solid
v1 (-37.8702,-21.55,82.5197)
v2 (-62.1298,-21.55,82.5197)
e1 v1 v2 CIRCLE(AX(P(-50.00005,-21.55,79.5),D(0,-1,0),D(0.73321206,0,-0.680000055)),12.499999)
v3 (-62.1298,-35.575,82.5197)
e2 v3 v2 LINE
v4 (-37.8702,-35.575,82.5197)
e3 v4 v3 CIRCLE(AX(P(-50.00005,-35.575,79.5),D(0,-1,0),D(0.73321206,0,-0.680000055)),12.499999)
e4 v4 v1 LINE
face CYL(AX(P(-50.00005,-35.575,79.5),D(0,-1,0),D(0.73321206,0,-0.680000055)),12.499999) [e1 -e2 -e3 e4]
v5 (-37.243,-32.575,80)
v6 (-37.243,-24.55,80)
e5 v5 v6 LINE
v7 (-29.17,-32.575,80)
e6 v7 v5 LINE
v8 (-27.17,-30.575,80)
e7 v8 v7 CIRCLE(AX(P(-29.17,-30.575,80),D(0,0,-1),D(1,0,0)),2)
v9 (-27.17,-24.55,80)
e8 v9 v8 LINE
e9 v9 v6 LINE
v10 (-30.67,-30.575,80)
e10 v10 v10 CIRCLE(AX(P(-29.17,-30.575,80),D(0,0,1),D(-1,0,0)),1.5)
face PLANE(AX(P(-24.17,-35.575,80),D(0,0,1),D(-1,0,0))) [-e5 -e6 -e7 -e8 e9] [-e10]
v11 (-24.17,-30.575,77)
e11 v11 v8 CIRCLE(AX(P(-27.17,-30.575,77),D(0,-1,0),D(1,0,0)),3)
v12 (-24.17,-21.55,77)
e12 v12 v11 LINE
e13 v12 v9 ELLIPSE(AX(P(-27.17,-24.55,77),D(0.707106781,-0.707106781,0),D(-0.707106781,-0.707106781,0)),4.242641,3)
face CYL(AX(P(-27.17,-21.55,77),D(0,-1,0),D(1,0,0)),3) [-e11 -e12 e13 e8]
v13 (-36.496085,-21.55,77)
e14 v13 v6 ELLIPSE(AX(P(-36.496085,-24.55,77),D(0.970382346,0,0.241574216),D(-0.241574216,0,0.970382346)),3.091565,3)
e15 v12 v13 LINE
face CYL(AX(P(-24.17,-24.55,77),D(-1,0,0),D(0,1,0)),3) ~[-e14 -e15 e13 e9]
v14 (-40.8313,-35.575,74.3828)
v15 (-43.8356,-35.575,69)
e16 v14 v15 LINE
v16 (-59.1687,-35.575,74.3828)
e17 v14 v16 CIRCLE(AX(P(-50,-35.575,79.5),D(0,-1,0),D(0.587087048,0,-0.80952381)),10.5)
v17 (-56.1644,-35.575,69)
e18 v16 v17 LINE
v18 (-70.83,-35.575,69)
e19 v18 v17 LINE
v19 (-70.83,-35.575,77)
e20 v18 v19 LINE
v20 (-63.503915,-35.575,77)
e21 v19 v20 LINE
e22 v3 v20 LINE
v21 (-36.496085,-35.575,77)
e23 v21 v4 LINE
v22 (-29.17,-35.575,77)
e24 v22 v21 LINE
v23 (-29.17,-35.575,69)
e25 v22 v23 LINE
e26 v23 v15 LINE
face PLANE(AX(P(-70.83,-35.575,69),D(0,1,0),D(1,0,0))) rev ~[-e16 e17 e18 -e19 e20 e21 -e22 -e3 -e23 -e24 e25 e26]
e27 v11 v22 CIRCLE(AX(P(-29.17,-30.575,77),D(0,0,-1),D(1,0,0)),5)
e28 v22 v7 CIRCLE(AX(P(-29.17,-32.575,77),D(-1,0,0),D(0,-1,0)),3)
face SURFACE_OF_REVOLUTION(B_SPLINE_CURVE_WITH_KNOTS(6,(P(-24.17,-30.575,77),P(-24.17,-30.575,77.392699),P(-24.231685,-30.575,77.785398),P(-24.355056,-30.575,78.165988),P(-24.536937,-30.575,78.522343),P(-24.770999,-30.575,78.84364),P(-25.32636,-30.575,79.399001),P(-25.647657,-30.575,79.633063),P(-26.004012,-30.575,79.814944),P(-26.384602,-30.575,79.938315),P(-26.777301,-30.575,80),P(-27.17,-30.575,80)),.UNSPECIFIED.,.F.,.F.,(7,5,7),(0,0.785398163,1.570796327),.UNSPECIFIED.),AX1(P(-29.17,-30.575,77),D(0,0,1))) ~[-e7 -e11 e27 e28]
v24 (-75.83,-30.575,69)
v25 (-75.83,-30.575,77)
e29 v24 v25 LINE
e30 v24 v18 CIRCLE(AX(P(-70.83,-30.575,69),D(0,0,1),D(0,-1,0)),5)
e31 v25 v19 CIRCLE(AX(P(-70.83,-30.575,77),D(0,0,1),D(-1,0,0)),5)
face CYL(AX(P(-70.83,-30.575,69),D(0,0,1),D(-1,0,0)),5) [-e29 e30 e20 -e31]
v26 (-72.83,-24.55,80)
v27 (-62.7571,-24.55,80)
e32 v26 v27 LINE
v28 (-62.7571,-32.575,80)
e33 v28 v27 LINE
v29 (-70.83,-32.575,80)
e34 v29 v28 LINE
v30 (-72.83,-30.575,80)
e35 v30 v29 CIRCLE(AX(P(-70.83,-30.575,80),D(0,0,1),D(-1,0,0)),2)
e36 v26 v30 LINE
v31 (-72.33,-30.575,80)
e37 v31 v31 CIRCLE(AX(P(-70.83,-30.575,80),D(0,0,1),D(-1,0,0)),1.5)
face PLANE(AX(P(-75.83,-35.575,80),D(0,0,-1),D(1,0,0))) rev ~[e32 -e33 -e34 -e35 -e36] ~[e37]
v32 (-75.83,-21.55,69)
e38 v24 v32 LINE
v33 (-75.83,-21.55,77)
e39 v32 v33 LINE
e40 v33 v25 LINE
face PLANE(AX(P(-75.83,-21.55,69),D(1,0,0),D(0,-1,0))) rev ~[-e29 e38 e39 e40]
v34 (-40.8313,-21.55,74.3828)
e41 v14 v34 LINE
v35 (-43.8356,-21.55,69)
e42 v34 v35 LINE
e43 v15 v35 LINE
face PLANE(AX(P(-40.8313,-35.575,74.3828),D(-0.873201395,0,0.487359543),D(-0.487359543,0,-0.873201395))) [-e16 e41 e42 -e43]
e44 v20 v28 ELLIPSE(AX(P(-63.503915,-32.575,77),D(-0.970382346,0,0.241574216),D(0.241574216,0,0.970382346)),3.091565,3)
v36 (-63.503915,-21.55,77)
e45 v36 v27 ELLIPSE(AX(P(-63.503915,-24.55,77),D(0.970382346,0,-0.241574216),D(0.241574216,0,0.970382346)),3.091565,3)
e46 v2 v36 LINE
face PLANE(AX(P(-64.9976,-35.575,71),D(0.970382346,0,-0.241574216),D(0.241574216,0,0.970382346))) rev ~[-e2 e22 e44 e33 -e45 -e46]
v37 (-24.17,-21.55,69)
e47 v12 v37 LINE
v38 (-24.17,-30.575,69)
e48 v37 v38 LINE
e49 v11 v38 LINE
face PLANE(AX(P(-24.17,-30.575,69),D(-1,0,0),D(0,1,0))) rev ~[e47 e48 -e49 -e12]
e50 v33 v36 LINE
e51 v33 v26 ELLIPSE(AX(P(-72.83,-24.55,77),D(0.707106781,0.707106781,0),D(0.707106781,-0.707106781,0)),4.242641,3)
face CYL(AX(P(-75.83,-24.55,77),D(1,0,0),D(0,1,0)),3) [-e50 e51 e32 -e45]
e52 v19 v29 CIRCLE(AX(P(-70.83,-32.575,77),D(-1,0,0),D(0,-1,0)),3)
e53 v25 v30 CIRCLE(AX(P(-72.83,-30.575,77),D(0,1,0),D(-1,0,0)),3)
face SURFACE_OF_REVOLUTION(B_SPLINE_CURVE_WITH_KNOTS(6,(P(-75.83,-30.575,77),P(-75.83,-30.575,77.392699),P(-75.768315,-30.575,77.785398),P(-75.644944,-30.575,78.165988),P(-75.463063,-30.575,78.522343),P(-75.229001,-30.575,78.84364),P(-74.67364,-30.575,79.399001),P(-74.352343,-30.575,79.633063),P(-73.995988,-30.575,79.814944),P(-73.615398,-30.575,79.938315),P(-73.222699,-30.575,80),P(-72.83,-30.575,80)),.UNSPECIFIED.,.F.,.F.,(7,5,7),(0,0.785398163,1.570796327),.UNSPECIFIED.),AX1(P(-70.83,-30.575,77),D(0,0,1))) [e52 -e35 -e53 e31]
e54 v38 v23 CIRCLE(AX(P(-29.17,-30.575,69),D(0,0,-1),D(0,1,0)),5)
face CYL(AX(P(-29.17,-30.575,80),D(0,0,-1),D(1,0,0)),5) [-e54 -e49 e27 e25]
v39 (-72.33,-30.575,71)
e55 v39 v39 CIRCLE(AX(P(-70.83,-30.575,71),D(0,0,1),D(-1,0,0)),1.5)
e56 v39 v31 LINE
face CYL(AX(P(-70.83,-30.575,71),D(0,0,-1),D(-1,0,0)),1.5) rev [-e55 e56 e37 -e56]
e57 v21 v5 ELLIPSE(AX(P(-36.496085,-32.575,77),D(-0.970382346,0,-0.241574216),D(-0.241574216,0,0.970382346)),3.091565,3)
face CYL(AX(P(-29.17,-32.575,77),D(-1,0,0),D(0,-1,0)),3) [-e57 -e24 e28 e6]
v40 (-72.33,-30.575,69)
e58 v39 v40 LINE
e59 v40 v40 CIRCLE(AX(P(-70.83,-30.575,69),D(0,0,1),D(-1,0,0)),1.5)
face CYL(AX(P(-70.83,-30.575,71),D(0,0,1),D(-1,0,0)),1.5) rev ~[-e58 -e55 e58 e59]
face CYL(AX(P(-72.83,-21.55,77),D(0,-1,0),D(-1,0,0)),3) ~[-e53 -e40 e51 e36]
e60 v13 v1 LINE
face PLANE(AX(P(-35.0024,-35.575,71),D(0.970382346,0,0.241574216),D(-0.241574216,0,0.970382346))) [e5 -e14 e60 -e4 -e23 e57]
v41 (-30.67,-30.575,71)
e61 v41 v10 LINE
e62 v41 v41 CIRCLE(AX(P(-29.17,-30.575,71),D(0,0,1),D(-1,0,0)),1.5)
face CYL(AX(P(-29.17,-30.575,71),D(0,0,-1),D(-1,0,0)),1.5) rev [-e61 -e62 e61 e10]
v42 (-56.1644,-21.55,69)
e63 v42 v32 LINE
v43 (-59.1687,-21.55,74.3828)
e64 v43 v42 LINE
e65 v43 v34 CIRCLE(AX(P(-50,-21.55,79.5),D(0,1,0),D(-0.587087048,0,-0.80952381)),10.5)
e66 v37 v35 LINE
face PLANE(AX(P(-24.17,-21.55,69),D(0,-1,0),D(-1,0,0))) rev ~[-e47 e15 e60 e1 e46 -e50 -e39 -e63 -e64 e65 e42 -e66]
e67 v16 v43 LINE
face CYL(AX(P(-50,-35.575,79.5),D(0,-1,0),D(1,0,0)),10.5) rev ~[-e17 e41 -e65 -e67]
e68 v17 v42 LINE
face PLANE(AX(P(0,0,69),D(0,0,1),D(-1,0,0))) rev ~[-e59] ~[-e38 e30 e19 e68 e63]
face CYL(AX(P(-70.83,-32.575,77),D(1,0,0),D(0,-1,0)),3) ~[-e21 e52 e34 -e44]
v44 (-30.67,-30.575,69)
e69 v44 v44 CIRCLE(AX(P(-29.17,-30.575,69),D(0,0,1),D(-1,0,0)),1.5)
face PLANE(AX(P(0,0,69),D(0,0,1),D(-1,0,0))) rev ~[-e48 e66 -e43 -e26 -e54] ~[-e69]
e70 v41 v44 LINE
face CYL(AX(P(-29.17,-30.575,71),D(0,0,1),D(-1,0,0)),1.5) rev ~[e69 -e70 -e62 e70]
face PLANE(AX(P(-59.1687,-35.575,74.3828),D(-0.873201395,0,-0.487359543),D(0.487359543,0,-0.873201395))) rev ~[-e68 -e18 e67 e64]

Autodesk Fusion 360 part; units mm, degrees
sketch "Sketch1" plane through (0, 0, 69) normal (0, 0, 1) x (-1, 0, 0)
  circle A0 centre (29.17, 30.575) radius 3.05
  circle A1 centre (70.83, 30.575) radius 3.05
  line L0 (24.17, 21.15) -> (75.83, 21.15)
  line L1 (75.83, 21.15) -> (75.83, 30.575)
  arc A2 (75.83, 30.575) -> (70.83, 35.575) centre (70.83, 30.575) ccw
  line L2 (70.83, 35.575) -> (29.17, 35.575)
  arc A3 (29.17, 35.575) -> (24.17, 30.575) centre (29.17, 30.575) ccw
  line L3 (24.17, 30.575) -> (24.17, 21.15)
  line L4 (29.8595, -5) -> (27.8595, -5)
  arc A4 (23.8595, -1) -> (27.8595, -5) centre (27.8595, -1) ccw
  line L5 (23.8595, -1) -> (23.8595, 1)
  arc A5 (27.8595, 5) -> (23.8595, 1) centre (27.8595, 1) ccw
  line L6 (27.8595, 5) -> (29.8595, 5)
  arc A6 (33.8595, 1) -> (29.8595, 5) centre (29.8595, 1) ccw
  line L7 (33.8595, 1) -> (33.8595, -1)
  arc A7 (29.8595, -5) -> (33.8595, -1) centre (29.8595, -1) ccw
  circle A8 centre (50, 0) radius 10
  line L8 (76.1405, 1) -> (76.1405, -1)
  arc A9 (72.1405, -5) -> (76.1405, -1) centre (72.1405, -1) ccw
  line L9 (72.1405, -5) -> (70.1405, -5)
  arc A10 (66.1405, -1) -> (70.1405, -5) centre (70.1405, -1) ccw
  line L10 (66.1405, -1) -> (66.1405, 1)
  arc A11 (70.1405, 5) -> (66.1405, 1) centre (70.1405, 1) ccw
  line L11 (70.1405, 5) -> (72.1405, 5)
  arc A12 (76.1405, 1) -> (72.1405, 5) centre (72.1405, 1) ccw
  circle A13 centre (95.6212, 10.575) radius 1.5
  circle A14 centre (37.085, 10.575) radius 1.5
  circle A15 centre (62.915, 10.575) radius 1.5
  circle A16 centre (37.085, -10.575) radius 1.5
  circle A17 centre (62.915, -10.575) radius 1.5
  circle A18 centre (4.3788, 10.575) radius 1.5
  circle A19 centre (95.6212, -10.575) radius 1.5
  circle A20 centre (4.3788, -10.575) radius 1.5
  line L12 (-10, -21.15) -> (110, -21.15)
  line L13 (110, -21.15) -> (110, 21.15)
  line L14 (110, 21.15) -> (-10, 21.15)
  line L15 (-10, 21.15) -> (-10, -21.15)
  line L16 (24.17, 21.55) -> (75.83, 21.55)
  dimension "d176" = -0.4
extrude "Extrude1" add sketch "Sketch1" along normal blind 2 contours L1 A2 L2 A3 L3 L16
sketch "Sketch2" plane through (0, -35.575, 0) normal (0, -1, 0) x (1, 0, 0)
  line L0 (-70.83, 69) -> (-29.17, 69)
  line L1 (-29.17, 69) -> (-29.17, 71)
  line L2 (-29.17, 71) -> (-70.83, 71)
  line L3 (-70.83, 71) -> (-70.83, 69)
  line L4 (9.9999, 77.6216) -> (10, 92) construction
  line L5 (10, 92) -> (-110, 92) construction
  line L6 (-110, 92) -> (-109.9999, 77.6216) construction
  line L7 (-109.9999, 77.6216) -> (-98.6213, 89) construction
  line L8 (-98.6213, 89) -> (-92.6213, 89) construction
  line L9 (-92.6213, 89) -> (-81.2425, 77.621) construction
  line L10 (-81.2425, 77.621) -> (-81.2425, 89) construction
  line L11 (-81.2425, 89) -> (-18.7575, 89) construction
  line L12 (-18.7575, 89) -> (-18.7575, 77.621) construction
  line L13 (-18.7575, 77.621) -> (-7.3788, 89) construction
  line L14 (-7.3788, 89) -> (-1.3788, 89) construction
  line L15 (-1.3788, 89) -> (9.9999, 77.6216) construction
  line L16 (-50, 70) -> (-50, 89)
  circle A0 centre (-50, 79.5) radius 10.5
  arc A1 (-40.8349, 71) -> (-59.1652, 71) centre (-50, 79.5) ccw
  line L17 (-59.1652, 71) -> (-70.83, 71) construction
  line L18 (-40.8349, 71) -> (-29.17, 71) construction
  line L19 (-64.9976, 71) -> (-62.1298, 82.5197)
  line L20 (-35.0024, 71) -> (-37.8702, 82.5197)
  dimension "d179" = 21
extrude "Extrude2" add sketch "Sketch2" against normal blind 14.025 contours L2 A0 A1 | L2 A1 L19 | L2 A1 L20
sketch "Sketch3" plane through (0, -35.575, 0) normal (0, -1, 0) x (1, 0, 0)
  line L0 (-64.9976, 71) -> (-70.83, 71)
  line L1 (-70.83, 71) -> (-70.83, 69)
  line L2 (-70.83, 69) -> (-29.17, 69)
  line L3 (-29.17, 69) -> (-29.17, 71)
  line L4 (-29.17, 71) -> (-35.0024, 71)
  line L5 (-35.0024, 71) -> (-37.8702, 82.5197)
  arc A0 (-37.8702, 82.5197) -> (-62.1298, 82.5197) centre (-50, 79.5) ccw
  line L6 (-62.1298, 82.5197) -> (-64.9976, 71)
  arc A1 (-43.8356, 71) -> (-56.1644, 71) centre (-50, 79.5) ccw
  line L7 (-43.8356, 71) -> (-56.1644, 71)
  line L8 (-59.1687, 74.3828) -> (-56.1644, 69)
  line L9 (-50, 69) -> (-50, 90) construction
  line L10 (-40.8313, 74.3828) -> (-43.8356, 69)
  arc A2 (-40.8313, 74.3828) -> (-59.1687, 74.3828) centre (-50, 79.5) ccw
  dimension "d183" = 21
extrude "Extrude3" cut sketch "Sketch3" against normal blind 14.025 contours L2 A1 L7 L8 L10
sketch "Sketch4" plane through (0, 0, 71) normal (0, 0, 1) x (-1, 0, 0)
  line L0 (64.9976, 35.575) -> (64.9976, 21.55)
  line L1 (64.9976, 21.55) -> (75.83, 21.55)
  line L2 (75.83, 21.55) -> (75.83, 30.575)
  arc A0 (75.83, 30.575) -> (70.83, 35.575) centre (70.83, 30.575) ccw
  line L3 (70.83, 35.575) -> (64.9976, 35.575)
  circle A1 centre (70.83, 30.575) radius 3.05
  line L4 (62.1298, 35.575) -> (37.8702, 35.575)
  line L5 (37.8702, 35.575) -> (37.8702, 21.55)
  line L6 (37.8702, 21.55) -> (62.1298, 21.55)
  line L7 (62.1298, 21.55) -> (62.1298, 35.575)
  line L8 (64.9976, 35.575) -> (62.1298, 35.575)
  line L9 (62.1298, 35.575) -> (62.1298, 21.55)
  line L10 (62.1298, 21.55) -> (64.9976, 21.55)
  line L11 (64.9976, 21.55) -> (64.9976, 35.575)
  line L12 (37.8702, 35.575) -> (35.0024, 35.575)
  line L13 (35.0024, 35.575) -> (35.0024, 21.55)
  line L14 (35.0024, 21.55) -> (37.8702, 21.55)
  line L15 (37.8702, 21.55) -> (37.8702, 35.575)
  circle A2 centre (29.17, 30.575) radius 3.05
  line L16 (35.0024, 21.55) -> (35.0024, 35.575)
  line L17 (35.0024, 35.575) -> (29.17, 35.575)
  arc A3 (29.17, 35.575) -> (24.17, 30.575) centre (29.17, 30.575) ccw
  line L18 (24.17, 30.575) -> (24.17, 21.55)
  line L19 (24.17, 21.55) -> (35.0024, 21.55)
  line L20 (50, 21.55) -> (50, 35.575) construction
  circle A4 centre (70.83, 30.575) radius 1.5
  circle A5 centre (29.17, 30.575) radius 1.5
  dimension "d186" = 3
  dimension "d187" = 3
extrude "Extrude4" add sketch "Sketch4" against normal blind 2 contours A1 | A2
delete_face "DeleteFace1" 1 faces at (-75.1601, -33.075, 70.3333)
delete_face "DeleteFace2" 1 faces at (-24.445, -32.2103, 70.3333)
sketch "Sketch5" plane through (0, -35.575, 0) normal (0, -1, 0) x (1, 0, 0)
  line L0 (-24.17, 71) -> (-35.0024, 71)
  line L1 (-35.0024, 71) -> (-37.8702, 82.5197)
  arc A0 (-37.8702, 82.5197) -> (-62.1298, 82.5197) centre (-50, 79.5) ccw
  line L2 (-62.1298, 82.5197) -> (-64.9976, 71)
  line L3 (-64.9976, 71) -> (-75.83, 71)
  line L4 (-75.83, 71) -> (-75.83, 69)
  line L5 (-75.83, 69) -> (-56.1644, 69)
  line L6 (-56.1644, 69) -> (-59.1687, 74.3828)
  arc A1 (-40.8313, 74.3828) -> (-59.1687, 74.3828) centre (-50, 79.5) ccw
  line L7 (-40.8313, 74.3828) -> (-43.8356, 69)
  line L8 (-43.8356, 69) -> (-24.17, 69)
  line L9 (-24.17, 69) -> (-24.17, 71)
  line L10 (-70.4138, 71) -> (-70.4138, 80) construction
  line L11 (-50, 92) -> (-50, 68.7831) construction
  line L12 (-75.83, 71) -> (-75.83, 80)
  line L13 (-75.83, 80) -> (-62.7571, 80)
  line L14 (-24.17, 71) -> (-24.17, 80)
  line L15 (-24.17, 80) -> (-37.243, 80)
  dimension "d297" = 9
extrude "Extrude5" add sketch "Sketch5" against normal blind 14.025 contours L0 L1 L14 L15 | L2 L3 L12 L13
extrude "Extrude6" cut 2 faces at (-70.0515, -30.2933, 71) (-28.7569, -30.8567, 71) along direction (0, 0, 1) blind 9
fillet "Fillet1" radius 5 5 edges at (-75.83, -35.575, 74.5) (-24.17, -35.575, 75.5) (-24.17, -35.575, 70) (-24.17, -35.575, 75.5) (-24.17, -35.575, 70)
fillet "Fillet2" radius 3 8 edges at (-69.2935, -21.55, 80) (-66.7935, -35.575, 80) (-74.3655, -34.1105, 80) (-75.83, -26.0625, 80) (-30.7065, -21.55, 80) (-33.2065, -35.575, 80) (-25.6345, -34.1105, 80) (-24.17, -26.0625, 80)
